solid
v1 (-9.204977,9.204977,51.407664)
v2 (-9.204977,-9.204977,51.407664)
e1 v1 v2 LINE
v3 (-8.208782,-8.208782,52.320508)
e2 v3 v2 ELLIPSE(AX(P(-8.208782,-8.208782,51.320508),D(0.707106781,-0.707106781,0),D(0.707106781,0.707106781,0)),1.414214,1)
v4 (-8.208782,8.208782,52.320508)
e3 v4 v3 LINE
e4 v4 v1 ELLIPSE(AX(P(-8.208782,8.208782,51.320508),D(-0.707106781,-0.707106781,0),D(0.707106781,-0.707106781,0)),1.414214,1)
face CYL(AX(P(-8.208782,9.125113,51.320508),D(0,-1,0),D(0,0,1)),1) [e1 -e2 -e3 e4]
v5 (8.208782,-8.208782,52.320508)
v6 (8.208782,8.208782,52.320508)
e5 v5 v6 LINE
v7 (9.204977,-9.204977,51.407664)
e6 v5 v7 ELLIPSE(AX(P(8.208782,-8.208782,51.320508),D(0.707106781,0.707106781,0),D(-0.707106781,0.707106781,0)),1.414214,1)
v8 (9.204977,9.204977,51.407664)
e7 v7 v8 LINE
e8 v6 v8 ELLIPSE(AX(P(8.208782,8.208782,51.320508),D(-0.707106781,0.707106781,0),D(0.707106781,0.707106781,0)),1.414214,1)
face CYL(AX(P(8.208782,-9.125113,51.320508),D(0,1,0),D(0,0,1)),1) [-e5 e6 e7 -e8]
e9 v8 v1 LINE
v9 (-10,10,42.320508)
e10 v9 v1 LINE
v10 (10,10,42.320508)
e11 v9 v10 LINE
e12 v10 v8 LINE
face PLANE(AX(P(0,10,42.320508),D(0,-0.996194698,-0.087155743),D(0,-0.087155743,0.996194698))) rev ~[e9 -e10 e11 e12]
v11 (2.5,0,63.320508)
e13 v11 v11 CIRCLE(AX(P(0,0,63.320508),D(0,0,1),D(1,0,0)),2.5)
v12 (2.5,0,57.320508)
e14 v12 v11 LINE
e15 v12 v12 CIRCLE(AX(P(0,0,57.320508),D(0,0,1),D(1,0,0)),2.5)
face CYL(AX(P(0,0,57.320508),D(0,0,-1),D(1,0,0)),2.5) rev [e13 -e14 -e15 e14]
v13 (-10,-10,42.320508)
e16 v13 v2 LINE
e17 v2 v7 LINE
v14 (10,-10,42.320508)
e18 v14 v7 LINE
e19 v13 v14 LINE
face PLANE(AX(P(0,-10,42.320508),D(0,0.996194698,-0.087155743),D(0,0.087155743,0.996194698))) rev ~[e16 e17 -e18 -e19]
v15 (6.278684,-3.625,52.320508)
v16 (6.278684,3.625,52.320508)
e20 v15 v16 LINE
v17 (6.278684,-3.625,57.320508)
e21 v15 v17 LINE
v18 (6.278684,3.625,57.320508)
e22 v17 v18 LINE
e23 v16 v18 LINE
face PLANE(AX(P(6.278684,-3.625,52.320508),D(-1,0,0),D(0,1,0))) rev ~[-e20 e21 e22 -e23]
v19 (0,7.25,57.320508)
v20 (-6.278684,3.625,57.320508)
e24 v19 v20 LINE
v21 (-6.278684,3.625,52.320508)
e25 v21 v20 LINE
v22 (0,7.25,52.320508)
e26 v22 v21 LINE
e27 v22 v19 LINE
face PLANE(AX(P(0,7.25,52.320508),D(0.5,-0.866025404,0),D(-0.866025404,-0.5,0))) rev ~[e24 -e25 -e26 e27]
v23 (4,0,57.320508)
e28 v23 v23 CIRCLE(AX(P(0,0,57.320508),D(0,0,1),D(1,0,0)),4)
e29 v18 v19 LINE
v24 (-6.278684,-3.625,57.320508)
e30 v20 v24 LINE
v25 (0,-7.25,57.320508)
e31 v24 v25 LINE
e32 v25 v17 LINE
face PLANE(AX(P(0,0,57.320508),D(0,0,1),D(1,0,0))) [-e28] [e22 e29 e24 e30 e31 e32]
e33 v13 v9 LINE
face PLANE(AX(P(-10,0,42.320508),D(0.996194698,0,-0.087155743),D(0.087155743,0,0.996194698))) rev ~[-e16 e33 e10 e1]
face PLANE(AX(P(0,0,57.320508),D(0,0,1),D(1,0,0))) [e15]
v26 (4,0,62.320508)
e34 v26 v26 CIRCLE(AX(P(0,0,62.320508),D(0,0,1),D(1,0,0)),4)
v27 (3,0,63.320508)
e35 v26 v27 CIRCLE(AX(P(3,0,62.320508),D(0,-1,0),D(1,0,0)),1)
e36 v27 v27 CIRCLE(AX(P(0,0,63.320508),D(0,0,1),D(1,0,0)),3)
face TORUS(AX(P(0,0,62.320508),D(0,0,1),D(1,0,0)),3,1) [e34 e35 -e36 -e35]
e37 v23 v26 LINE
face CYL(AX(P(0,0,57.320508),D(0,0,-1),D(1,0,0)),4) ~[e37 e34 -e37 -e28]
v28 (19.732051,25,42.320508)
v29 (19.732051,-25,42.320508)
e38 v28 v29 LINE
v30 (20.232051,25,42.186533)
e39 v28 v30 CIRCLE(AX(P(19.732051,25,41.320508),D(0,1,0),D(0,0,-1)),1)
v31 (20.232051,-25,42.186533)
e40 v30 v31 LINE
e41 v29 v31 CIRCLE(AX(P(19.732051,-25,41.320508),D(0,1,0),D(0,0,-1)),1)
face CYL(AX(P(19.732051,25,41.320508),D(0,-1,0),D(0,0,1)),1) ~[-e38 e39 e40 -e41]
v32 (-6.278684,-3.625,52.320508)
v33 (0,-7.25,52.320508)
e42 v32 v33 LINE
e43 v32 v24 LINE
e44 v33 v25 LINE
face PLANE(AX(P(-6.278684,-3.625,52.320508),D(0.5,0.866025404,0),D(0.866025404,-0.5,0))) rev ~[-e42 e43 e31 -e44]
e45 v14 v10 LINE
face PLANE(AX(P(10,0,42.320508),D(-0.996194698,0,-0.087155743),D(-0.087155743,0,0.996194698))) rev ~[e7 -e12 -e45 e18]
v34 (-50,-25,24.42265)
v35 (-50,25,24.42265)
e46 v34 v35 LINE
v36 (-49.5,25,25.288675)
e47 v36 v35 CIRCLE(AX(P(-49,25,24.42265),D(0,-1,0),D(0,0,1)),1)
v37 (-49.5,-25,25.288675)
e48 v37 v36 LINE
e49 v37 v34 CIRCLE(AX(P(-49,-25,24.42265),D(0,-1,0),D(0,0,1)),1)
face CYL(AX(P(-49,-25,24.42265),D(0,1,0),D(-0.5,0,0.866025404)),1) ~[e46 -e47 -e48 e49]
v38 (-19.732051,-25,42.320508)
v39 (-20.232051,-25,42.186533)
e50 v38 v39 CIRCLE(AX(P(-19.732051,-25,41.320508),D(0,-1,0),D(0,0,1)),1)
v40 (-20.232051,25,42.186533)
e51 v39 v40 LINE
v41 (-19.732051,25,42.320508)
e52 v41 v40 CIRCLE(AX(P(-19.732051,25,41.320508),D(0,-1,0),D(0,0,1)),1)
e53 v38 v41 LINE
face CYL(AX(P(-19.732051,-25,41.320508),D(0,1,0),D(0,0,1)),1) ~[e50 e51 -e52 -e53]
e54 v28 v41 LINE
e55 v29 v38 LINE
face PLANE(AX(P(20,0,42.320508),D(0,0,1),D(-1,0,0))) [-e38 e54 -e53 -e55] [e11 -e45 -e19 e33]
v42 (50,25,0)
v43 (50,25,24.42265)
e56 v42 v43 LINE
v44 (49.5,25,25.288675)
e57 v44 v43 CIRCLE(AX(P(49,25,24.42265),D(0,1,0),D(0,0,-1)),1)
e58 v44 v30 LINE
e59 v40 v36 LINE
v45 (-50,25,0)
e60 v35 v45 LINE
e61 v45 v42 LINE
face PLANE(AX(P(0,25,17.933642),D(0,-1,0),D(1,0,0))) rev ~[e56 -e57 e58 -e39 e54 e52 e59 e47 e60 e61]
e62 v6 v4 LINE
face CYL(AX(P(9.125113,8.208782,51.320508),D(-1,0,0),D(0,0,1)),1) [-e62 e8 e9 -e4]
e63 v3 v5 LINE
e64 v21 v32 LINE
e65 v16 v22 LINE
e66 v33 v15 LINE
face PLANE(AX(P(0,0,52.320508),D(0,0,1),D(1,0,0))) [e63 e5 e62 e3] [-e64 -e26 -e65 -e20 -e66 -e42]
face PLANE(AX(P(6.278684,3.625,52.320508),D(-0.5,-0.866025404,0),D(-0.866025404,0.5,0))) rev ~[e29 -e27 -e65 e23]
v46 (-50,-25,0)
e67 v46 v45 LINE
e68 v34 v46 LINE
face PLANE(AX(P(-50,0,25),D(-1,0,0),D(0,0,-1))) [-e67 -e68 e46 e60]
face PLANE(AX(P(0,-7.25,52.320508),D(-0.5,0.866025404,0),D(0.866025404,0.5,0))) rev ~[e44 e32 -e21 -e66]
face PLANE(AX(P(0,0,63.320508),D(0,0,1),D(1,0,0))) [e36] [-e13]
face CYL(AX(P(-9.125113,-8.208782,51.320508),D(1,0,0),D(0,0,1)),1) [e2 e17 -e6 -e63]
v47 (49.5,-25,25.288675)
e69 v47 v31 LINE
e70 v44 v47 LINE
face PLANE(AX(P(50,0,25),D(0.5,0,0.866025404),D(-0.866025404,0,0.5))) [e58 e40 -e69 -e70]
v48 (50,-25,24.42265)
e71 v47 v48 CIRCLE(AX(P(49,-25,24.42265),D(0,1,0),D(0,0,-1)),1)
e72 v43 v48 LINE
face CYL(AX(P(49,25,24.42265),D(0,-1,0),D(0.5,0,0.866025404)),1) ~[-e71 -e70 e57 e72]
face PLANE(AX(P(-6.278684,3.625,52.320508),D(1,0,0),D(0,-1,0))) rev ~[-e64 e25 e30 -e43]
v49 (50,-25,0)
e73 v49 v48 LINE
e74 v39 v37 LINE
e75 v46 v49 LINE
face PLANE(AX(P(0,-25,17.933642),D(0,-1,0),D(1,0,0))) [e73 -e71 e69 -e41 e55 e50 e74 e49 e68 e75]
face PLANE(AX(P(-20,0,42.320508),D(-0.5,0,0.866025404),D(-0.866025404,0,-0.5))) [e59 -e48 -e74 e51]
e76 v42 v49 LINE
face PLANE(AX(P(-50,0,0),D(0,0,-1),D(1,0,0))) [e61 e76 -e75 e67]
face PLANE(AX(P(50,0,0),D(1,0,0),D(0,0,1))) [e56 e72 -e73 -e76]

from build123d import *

# Parameters (mm, degrees)
F1_DEPTH = 25
F2_W     = 20
F2_H     = 20
F3_DEPTH = 10
F3_TAPER = 5
F5_DEPTH = 5
F6_R     = 4
F6_R_2   = 2.5
F7_DEPTH = 6
F8_DEPTH = 45
F9_R     = 1
F10_R    = 1
F11_R    = 1


with BuildPart() as f1:
    # F0 (on Front) → F1 (new body, symmetric)
    with BuildSketch(Plane.XZ):
        Polygon((-50, 0), (0, 0), (50, 0), (50, 25), (20, 42.3205080757), (-20, 42.3205080757), (-50, 25), align=None)
    extrude(amount=F1_DEPTH, both=True)

    # F2 (on face) → F3 (join)
    with BuildSketch(Plane.XY.offset(42.3205080757)):
        Rectangle(F2_W, F2_H)
    extrude(amount=F3_DEPTH, taper=F3_TAPER)

    # F4 (on face) → F5 (join)
    with BuildSketch(Plane.XY.offset(52.3205080757)):
        Polygon((6.2786841774, 3.625), (0, 7.25), (-6.2786841774, 3.625), (-6.2786841774, -3.625), (0, -7.25), (6.2786841774, -3.625), align=None)
    extrude(amount=F5_DEPTH)

    # F6 (on face) → F7 (join)
    with BuildSketch(Plane.XY.offset(57.3205080757)):
        Circle(F6_R)
        Circle(F6_R_2, mode=Mode.SUBTRACT)
    extrude(amount=F7_DEPTH)

    # F8 (add): a face of the model
    f8_faces = [f1.faces().sort_by_distance(p)[0] for p in [
        (0, 0, 57.3205080757),
    ]]
    extrude(f8_faces, amount=-F8_DEPTH)

    # F9
    f9_edges = [f1.edges().sort_by_distance(p)[0] for p in [
        (9.125113, 0, 52.320508),
        (0, -9.125113, 52.320508),
        (-9.125113, 0, 52.320508),
        (0, 9.125113, 52.320508),
    ]]
    fillet(f9_edges, radius=F9_R)

    # F10
    f10_edges = [f1.edges().sort_by_distance(p)[0] for p in [
        (-4, 0, 63.320508),
    ]]
    fillet(f10_edges, radius=F10_R)

    # F11
    f11_edges = [f1.edges().sort_by_distance(p)[0] for p in [
        (-20, 0, 42.320508),
        (20, 0, 42.320508),
        (50, 0, 25),
        (-50, 0, 25),
    ]]
    fillet(f11_edges, radius=F11_R)


solid = f1.part
